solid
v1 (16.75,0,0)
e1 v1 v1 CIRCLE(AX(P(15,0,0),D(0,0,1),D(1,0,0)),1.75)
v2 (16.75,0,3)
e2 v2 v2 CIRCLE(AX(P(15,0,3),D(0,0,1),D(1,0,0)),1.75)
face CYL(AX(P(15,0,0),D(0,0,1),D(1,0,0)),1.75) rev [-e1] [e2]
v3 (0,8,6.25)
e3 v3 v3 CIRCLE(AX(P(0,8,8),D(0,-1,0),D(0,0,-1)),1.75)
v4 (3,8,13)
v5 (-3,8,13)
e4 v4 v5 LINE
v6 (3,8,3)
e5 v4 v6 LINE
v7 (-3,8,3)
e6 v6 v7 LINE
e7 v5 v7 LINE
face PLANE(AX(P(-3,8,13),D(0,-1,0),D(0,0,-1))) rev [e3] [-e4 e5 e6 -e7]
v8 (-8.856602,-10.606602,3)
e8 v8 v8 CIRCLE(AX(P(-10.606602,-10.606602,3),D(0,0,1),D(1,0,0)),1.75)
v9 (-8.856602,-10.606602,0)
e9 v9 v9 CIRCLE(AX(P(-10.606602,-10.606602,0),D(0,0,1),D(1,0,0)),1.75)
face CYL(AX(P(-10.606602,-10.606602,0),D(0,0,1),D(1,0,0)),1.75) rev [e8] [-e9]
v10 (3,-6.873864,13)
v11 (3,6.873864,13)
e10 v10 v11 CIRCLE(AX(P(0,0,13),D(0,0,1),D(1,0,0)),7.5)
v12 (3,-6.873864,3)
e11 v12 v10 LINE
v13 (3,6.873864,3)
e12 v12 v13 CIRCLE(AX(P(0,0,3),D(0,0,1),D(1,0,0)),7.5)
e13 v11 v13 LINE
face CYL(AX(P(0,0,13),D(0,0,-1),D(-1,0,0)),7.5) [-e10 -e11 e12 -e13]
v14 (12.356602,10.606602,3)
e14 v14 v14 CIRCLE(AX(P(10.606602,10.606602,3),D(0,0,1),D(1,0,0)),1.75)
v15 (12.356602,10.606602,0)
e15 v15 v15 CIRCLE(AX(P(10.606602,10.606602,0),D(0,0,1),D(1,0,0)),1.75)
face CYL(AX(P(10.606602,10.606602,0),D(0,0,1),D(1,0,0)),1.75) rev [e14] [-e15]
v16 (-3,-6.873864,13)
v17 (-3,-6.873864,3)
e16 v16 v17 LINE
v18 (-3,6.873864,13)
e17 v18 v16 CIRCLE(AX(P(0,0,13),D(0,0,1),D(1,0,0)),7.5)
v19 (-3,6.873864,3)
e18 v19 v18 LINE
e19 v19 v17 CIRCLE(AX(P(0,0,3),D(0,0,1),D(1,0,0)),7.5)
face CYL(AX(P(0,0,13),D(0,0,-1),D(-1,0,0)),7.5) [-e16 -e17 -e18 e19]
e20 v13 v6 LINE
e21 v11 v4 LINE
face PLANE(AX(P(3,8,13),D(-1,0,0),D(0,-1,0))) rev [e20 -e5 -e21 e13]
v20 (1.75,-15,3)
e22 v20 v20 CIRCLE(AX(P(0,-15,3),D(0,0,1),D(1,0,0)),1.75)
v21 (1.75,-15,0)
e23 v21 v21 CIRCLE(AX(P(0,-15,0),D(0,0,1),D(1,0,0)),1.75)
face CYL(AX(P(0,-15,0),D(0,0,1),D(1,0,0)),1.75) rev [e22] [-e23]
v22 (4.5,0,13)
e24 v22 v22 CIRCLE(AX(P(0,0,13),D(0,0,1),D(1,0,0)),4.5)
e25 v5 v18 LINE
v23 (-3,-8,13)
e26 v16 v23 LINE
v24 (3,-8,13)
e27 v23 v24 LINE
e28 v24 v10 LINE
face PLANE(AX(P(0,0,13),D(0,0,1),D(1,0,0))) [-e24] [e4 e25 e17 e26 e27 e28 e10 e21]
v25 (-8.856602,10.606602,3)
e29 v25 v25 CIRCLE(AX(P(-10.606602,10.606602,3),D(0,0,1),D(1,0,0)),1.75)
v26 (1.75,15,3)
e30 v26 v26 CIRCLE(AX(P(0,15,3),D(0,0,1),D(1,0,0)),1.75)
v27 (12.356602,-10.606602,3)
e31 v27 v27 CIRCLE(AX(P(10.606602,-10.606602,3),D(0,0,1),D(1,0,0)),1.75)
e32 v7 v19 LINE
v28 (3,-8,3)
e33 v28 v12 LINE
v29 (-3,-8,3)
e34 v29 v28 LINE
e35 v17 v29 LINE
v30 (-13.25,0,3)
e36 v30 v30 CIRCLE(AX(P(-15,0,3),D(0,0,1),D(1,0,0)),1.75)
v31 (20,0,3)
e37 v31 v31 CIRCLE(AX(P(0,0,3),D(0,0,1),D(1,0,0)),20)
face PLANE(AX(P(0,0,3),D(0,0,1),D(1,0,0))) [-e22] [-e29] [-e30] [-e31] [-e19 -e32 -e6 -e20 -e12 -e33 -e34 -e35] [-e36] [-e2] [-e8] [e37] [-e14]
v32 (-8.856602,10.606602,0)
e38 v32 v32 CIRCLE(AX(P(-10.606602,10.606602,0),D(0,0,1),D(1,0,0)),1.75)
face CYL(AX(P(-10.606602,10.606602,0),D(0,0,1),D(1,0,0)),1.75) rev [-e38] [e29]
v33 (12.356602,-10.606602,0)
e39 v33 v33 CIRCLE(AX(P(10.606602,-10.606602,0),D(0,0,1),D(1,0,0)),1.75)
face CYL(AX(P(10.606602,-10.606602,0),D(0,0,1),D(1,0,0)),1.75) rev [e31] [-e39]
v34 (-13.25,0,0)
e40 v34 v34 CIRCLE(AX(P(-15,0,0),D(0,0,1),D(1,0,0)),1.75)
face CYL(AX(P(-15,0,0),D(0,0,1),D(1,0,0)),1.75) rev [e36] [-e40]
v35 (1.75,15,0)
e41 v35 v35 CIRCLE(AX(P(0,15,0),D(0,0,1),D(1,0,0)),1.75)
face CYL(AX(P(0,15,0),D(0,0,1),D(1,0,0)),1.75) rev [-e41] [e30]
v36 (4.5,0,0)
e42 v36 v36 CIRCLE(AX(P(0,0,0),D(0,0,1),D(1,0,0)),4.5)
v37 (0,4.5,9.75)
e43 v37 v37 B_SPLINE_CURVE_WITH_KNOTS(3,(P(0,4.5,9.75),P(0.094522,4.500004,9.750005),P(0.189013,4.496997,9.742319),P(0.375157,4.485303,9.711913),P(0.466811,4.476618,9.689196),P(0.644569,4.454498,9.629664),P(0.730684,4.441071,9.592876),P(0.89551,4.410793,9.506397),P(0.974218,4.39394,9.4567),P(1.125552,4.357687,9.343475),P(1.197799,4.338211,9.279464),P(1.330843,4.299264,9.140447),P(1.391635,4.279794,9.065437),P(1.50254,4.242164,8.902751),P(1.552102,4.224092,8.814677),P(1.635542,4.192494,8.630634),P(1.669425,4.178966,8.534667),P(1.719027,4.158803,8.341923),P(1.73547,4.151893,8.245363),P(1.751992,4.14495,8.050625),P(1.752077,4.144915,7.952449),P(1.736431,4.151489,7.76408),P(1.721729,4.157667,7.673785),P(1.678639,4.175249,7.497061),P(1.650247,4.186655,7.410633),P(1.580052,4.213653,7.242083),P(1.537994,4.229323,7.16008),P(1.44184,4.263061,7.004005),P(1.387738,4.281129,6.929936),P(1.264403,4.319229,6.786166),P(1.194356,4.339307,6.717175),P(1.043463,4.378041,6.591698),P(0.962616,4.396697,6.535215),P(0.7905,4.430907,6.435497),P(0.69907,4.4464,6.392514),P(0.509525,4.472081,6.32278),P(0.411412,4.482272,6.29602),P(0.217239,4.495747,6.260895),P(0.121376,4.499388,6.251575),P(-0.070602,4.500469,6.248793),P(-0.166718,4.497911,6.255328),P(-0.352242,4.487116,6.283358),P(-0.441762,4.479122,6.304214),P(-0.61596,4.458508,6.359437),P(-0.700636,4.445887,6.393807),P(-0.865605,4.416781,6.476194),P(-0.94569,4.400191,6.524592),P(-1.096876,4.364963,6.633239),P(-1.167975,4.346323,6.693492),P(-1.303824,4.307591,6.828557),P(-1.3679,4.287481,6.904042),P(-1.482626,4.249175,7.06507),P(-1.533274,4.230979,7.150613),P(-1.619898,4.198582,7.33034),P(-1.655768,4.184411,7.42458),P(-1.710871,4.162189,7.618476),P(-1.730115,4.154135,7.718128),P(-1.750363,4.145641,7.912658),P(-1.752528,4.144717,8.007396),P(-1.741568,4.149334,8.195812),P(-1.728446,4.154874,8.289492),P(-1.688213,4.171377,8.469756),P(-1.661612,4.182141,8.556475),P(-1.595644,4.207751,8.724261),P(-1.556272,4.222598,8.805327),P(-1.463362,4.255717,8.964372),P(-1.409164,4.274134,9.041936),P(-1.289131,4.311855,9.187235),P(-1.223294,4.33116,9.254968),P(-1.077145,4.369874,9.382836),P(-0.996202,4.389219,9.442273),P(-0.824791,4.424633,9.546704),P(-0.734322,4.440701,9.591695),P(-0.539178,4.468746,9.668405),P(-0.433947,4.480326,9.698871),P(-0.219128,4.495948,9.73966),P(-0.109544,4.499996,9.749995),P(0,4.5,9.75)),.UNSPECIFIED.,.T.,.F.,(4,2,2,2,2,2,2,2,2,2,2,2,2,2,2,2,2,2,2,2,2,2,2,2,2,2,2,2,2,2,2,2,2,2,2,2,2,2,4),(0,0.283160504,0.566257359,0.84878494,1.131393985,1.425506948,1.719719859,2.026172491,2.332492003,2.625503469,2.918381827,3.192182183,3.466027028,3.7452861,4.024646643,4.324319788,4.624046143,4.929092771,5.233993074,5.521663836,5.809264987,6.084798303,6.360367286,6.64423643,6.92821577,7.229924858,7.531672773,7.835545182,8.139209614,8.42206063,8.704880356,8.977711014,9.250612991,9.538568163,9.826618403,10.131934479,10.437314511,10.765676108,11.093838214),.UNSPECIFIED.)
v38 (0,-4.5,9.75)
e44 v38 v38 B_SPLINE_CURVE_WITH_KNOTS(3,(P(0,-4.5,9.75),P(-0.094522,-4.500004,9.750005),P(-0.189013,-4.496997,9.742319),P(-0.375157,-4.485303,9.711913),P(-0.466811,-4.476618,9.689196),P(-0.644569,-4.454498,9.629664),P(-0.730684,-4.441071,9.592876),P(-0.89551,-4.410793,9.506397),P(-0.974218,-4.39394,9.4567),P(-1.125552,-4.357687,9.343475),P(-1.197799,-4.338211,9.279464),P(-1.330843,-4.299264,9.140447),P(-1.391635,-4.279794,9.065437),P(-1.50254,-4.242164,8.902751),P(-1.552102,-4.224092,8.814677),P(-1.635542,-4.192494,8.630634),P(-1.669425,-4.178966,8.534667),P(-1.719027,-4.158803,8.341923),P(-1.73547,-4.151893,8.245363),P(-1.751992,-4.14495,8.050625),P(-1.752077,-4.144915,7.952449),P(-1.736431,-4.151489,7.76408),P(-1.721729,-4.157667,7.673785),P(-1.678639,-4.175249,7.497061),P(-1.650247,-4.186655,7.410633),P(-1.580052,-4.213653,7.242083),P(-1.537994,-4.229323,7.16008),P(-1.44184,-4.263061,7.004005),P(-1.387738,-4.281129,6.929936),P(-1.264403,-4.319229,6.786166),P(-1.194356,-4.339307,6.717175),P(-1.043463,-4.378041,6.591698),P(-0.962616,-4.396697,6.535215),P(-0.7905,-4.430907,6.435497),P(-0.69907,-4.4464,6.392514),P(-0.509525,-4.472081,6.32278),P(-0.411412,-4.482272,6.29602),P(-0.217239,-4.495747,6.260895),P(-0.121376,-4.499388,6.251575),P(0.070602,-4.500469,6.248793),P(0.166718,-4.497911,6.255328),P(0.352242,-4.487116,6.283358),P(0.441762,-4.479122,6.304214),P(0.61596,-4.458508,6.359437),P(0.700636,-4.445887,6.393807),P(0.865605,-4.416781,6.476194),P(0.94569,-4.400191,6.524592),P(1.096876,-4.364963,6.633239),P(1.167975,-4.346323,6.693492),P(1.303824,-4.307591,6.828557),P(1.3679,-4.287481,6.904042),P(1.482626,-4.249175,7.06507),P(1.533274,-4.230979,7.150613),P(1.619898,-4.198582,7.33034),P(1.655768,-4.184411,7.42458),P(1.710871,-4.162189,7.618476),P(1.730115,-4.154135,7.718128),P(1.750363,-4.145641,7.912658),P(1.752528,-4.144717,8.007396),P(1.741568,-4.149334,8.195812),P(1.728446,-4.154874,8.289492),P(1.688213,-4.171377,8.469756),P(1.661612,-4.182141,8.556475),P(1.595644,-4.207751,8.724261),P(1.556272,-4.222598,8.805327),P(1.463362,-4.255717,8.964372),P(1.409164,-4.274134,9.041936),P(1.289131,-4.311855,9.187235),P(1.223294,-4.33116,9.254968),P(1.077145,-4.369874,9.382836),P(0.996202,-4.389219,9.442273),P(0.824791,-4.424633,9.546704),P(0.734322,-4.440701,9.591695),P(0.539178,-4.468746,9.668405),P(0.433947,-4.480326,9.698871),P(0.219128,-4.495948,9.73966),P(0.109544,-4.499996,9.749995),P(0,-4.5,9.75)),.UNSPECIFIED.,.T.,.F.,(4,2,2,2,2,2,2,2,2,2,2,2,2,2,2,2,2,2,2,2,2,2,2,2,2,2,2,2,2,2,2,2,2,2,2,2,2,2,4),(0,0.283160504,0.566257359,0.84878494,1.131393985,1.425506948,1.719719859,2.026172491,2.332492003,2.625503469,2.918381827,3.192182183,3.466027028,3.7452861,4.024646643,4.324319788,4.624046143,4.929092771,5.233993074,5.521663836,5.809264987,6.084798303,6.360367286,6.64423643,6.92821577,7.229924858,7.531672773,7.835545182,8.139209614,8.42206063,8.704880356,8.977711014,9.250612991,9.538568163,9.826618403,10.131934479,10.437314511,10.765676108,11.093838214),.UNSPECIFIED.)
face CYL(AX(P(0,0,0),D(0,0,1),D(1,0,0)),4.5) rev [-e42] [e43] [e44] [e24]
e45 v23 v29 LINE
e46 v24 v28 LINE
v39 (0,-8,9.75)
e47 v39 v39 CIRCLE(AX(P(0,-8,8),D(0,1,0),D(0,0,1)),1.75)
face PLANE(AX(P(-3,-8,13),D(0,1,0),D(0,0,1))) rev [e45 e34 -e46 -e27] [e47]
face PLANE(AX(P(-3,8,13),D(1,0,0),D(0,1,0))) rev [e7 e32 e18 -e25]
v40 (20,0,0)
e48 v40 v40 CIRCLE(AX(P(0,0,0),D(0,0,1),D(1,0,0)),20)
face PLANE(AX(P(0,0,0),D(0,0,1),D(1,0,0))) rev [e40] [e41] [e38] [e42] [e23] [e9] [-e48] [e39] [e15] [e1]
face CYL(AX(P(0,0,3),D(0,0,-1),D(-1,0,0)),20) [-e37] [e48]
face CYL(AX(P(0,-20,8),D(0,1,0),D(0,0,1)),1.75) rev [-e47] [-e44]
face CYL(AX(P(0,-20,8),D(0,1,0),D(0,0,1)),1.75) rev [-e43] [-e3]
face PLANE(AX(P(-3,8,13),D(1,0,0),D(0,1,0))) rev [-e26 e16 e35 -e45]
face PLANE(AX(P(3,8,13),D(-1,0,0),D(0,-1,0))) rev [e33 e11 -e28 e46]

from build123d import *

# Parameters (mm, degrees)
SKETCH1_R               = 20
BOSS_EXTRUDE1_DEPTH     = 3
SKETCH2_R               = 7.5
BOSS_EXTRUDE2_DEPTH     = 10
SKETCH6_W               = 6
SKETCH6_H               = 16
BOSS_EXTRUDE3_DEPTH     = 10
SKETCH3_R               = 4.5
CUT_EXTRUDE1_DEPTH      = 32.128764833
SKETCH4_R               = 1.75
CUT_EXTRUDE2_DEPTH      = 31
CUT_EXTRUDE3_DEPTH      = 32.128764833
CUT_EXTRUDE3_DEPTH_BACK = 32.128764833
SKETCH5_R               = 1.75


with BuildPart() as part:
    # Sketch1 → Boss-Extrude1 (new body)
    with BuildSketch(Plane.XY):
        Circle(SKETCH1_R)
    extrude(amount=BOSS_EXTRUDE1_DEPTH)

    # Sketch2 → Boss-Extrude2 (add)
    with BuildSketch(Plane.XY.offset(3)):
        Circle(SKETCH2_R)
    extrude(amount=BOSS_EXTRUDE2_DEPTH)

    # Sketch6 → Boss-Extrude3 (add)
    with BuildSketch(Plane.XY.offset(3)):
        Rectangle(SKETCH6_W, SKETCH6_H)
    extrude(amount=BOSS_EXTRUDE3_DEPTH)

    # Sketch3 → Cut-Extrude1 (cut, through all)
    with BuildSketch(Plane.XY.offset(13)):
        Circle(SKETCH3_R)
    extrude(amount=-CUT_EXTRUDE1_DEPTH, mode=Mode.SUBTRACT)

    # Sketch4 → Cut-Extrude2 (cut, through all)
    with BuildSketch(Plane.XY.offset(3)):
        with Locations((0, 15)):
            Circle(SKETCH4_R)
        with Locations((10.606601718, 10.606601718)):
            Circle(SKETCH4_R)
        with Locations((15, 0)):
            Circle(SKETCH4_R)
        with Locations((10.606601718, -10.606601718)):
            Circle(SKETCH4_R)
        with Locations((0, -15)):
            Circle(SKETCH4_R)
        with Locations((-10.606601718, -10.606601718)):
            Circle(SKETCH4_R)
        with Locations((-15, 0)):
            Circle(SKETCH4_R)
        with Locations((-10.606601718, 10.606601718)):
            Circle(SKETCH4_R)
    extrude(amount=-CUT_EXTRUDE2_DEPTH, mode=Mode.SUBTRACT)

    # Sketch5 → Cut-Extrude3 (cut, two sides: drawn at the far end of the back side and taken through both)
    with BuildSketch(Plane(origin=(0, 0, 0), x_dir=(1, 0, 0), z_dir=(0, 1, 0)).offset(-CUT_EXTRUDE3_DEPTH_BACK)):
        with Locations(Location((0, -8, 0), (0, 0, 270))):
            Circle(SKETCH5_R)
    extrude(amount=CUT_EXTRUDE3_DEPTH + CUT_EXTRUDE3_DEPTH_BACK, mode=Mode.SUBTRACT)


solid = part.part
